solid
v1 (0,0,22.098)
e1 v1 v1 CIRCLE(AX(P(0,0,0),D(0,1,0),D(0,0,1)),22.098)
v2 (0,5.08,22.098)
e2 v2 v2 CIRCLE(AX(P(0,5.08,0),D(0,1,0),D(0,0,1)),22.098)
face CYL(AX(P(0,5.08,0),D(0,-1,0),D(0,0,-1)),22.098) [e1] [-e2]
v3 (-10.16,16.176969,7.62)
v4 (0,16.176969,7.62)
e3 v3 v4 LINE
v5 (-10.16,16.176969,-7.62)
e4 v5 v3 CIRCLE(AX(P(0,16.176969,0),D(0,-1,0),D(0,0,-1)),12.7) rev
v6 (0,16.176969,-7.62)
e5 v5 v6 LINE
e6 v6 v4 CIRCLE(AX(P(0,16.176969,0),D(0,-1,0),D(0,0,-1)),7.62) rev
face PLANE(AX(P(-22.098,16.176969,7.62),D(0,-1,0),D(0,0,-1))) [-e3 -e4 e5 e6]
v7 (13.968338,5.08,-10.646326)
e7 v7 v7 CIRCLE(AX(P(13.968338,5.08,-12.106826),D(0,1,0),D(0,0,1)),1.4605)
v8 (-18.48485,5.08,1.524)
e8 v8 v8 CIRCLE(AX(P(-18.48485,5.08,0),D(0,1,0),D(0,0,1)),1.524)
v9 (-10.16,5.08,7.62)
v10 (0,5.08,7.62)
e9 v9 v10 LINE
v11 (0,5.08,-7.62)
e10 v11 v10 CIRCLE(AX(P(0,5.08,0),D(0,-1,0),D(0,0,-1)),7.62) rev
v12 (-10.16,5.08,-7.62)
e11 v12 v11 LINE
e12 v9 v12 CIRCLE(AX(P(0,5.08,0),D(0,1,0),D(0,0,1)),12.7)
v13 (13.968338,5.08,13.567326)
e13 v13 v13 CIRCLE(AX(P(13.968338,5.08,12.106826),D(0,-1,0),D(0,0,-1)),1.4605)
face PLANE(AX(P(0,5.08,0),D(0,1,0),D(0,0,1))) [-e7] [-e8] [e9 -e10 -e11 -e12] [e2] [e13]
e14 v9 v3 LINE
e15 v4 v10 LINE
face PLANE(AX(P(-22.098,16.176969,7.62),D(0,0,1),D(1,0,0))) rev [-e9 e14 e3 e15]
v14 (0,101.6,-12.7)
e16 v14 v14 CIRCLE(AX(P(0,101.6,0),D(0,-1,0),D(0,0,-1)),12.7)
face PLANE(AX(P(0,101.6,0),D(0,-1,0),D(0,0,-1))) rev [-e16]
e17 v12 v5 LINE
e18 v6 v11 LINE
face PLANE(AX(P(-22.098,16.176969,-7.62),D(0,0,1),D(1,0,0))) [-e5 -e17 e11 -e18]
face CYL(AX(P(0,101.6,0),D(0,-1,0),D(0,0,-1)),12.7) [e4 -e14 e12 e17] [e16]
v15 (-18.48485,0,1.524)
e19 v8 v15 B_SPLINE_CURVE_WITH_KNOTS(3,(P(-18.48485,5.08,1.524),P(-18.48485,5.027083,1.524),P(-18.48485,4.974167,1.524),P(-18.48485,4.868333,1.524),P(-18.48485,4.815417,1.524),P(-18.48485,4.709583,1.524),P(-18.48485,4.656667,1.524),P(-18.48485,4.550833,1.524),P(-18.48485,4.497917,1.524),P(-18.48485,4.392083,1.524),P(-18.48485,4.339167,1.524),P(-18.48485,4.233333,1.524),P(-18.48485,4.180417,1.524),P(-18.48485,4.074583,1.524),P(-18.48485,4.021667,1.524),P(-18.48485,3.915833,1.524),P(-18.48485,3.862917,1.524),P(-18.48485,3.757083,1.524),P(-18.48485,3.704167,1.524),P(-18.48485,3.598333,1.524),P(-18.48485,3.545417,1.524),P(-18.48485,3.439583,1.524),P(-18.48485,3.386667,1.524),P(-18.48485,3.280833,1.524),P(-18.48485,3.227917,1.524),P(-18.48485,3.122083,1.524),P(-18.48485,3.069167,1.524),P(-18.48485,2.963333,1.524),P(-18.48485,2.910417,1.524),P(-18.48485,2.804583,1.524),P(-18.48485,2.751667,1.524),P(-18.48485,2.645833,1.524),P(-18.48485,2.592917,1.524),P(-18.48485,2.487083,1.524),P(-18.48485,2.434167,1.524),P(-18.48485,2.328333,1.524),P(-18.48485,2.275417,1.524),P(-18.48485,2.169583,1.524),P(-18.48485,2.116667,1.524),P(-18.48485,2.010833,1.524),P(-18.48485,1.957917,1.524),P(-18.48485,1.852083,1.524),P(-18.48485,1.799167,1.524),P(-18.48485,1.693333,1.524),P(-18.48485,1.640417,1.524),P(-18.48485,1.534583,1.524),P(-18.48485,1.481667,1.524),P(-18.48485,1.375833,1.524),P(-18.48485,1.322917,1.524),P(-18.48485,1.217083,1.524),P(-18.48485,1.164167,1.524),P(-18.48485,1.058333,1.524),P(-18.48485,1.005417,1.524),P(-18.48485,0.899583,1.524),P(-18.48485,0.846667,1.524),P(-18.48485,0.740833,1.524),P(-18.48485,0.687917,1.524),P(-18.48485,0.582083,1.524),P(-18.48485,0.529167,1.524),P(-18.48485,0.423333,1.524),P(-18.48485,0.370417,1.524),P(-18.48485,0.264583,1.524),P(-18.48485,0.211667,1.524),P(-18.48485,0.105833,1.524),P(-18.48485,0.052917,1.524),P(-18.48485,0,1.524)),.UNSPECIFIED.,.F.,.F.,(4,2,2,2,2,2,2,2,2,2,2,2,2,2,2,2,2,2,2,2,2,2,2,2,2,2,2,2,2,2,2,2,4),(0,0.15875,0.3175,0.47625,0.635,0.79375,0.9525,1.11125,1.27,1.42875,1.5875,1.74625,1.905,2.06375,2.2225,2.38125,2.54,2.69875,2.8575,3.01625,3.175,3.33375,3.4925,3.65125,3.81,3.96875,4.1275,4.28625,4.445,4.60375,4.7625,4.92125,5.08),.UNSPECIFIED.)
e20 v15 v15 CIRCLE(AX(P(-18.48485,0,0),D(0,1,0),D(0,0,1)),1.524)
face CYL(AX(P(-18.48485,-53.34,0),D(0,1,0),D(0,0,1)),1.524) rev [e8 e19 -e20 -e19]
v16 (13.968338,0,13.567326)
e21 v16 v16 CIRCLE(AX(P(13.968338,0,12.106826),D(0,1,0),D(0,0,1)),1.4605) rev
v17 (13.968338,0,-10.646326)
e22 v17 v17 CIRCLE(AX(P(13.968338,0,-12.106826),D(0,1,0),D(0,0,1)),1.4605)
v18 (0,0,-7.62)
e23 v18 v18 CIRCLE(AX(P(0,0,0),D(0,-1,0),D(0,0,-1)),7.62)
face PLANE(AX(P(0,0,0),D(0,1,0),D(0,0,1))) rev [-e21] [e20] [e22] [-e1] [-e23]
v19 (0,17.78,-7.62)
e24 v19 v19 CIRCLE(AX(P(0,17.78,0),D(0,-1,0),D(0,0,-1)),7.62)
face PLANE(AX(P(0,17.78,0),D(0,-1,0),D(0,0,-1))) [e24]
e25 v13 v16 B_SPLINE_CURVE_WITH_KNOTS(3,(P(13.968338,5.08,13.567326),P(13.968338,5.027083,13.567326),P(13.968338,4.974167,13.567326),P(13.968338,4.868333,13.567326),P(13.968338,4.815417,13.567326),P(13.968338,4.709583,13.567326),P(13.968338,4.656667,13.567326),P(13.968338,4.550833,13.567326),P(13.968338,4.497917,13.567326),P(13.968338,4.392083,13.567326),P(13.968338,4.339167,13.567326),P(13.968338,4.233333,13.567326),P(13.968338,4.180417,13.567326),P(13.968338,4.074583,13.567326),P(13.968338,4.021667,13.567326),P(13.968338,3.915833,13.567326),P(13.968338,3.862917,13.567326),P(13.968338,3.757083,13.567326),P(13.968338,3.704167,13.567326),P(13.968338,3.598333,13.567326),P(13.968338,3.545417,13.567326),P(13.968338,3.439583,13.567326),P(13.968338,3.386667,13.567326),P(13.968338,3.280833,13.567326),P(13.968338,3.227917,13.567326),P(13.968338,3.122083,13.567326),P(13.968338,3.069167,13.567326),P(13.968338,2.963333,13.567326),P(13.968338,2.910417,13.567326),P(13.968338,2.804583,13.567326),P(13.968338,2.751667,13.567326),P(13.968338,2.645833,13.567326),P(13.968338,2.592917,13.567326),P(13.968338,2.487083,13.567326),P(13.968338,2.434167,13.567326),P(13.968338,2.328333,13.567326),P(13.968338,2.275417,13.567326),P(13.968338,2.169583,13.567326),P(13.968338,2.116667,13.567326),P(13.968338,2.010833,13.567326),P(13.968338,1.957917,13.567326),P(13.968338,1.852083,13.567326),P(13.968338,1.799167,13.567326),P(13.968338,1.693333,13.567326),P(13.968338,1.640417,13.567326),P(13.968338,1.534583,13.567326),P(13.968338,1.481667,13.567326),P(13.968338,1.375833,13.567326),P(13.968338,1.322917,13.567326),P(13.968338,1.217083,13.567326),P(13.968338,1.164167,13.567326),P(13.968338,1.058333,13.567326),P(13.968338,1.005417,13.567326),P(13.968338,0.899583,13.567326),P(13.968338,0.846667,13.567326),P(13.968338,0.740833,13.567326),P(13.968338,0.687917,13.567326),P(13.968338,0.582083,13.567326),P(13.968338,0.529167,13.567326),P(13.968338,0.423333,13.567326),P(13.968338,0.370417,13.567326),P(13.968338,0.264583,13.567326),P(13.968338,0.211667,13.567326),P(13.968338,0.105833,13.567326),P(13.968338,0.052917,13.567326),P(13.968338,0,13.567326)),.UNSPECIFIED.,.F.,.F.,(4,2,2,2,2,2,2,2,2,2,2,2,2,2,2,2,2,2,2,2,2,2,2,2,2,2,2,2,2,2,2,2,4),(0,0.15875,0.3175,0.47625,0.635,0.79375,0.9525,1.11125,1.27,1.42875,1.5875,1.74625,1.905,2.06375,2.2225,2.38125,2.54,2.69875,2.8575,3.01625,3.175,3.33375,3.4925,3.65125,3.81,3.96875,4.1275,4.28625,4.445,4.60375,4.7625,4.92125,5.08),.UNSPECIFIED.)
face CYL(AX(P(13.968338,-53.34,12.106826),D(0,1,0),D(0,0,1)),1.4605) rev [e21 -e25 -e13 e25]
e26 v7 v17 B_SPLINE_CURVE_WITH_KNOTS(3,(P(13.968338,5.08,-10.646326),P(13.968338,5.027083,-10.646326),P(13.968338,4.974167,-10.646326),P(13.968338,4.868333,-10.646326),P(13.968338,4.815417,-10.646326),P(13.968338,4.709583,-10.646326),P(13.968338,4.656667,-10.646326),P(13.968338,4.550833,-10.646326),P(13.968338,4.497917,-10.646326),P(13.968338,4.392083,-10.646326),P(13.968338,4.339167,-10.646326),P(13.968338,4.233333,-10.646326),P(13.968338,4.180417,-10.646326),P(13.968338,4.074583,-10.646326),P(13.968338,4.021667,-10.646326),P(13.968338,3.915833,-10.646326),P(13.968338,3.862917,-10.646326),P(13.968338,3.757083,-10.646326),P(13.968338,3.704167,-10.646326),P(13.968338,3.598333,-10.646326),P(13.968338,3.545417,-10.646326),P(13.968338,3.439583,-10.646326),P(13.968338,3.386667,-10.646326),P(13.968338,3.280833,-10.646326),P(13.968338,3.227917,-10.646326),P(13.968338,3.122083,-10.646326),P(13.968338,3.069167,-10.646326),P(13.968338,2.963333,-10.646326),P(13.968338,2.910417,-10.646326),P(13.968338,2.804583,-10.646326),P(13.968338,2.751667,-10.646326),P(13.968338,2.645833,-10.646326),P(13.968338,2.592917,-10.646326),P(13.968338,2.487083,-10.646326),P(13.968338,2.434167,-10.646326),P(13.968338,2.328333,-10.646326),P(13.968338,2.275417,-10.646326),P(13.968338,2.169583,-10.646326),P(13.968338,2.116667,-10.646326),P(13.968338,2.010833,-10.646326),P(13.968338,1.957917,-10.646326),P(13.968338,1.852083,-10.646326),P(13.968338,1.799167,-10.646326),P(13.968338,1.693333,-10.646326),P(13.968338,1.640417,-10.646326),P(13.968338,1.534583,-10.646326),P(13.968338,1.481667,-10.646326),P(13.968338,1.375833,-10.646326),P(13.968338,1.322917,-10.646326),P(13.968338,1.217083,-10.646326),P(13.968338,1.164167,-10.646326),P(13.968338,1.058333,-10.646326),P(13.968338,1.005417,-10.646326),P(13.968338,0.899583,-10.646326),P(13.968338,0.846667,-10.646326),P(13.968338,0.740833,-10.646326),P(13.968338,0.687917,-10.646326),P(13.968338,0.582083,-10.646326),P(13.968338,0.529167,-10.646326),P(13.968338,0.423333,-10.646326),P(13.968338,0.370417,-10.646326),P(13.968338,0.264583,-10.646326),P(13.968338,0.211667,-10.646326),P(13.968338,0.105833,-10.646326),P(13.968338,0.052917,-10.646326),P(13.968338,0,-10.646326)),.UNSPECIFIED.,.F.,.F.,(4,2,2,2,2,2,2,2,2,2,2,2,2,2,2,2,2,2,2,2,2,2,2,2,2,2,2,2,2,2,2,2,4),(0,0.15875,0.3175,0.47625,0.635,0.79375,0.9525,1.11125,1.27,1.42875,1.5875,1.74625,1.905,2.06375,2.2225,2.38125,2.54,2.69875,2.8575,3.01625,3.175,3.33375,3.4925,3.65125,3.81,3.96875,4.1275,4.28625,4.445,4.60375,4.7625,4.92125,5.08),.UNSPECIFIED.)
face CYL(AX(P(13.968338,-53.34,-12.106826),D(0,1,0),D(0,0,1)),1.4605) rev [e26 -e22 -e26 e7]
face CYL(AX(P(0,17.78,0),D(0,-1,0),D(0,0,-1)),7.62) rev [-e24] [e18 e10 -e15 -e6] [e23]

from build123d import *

# Parameters (mm, degrees)
SKETCH1_R           = 22.098
BOSS_EXTRUDE1_DEPTH = 5.08
SKETCH4_R           = 1.4605
SKETCH4_R_2         = 1.524
CUT_EXTRUDE1_DEPTH  = 58.42
SKETCH5_R           = 12.7
CUT_EXTRUDE2_DEPTH  = 29.21
SKETCH5_3_R         = 12.7
BOSS_EXTRUDE2_DEPTH = 101.6
SKETCH6_R           = 7.62
CUT_EXTRUDE3_DEPTH  = 17.78
SKETCH7_W           = 15.24
SKETCH7_H           = 11.096968574
CUT_EXTRUDE4_DEPTH  = 107.297710267


with BuildPart() as part:
    # Sketch1 → Boss-Extrude1 (new body)
    with BuildSketch(Plane(origin=(0, 0, 0), x_dir=(1, 0, 0), z_dir=(0, 1, 0))):
        Circle(SKETCH1_R)
    extrude(amount=BOSS_EXTRUDE1_DEPTH)

    # Sketch4 → Cut-Extrude1 (cut)
    with BuildSketch(Plane(origin=(0, 5.08, 0), x_dir=(1, 0, 0), z_dir=(0, 1, 0))):
        with Locations((13.96833752, 12.106825614)):
            Circle(SKETCH4_R)
        with Locations((13.96833752, -12.106825614)):
            Circle(SKETCH4_R)
        with Locations((-18.48485, 0)):
            Circle(SKETCH4_R_2)
    extrude(amount=-CUT_EXTRUDE1_DEPTH, mode=Mode.SUBTRACT)

    # Sketch5 → Cut-Extrude2 (cut)
    with BuildSketch(Plane.XZ):
        Circle(SKETCH5_R)
    extrude(amount=-CUT_EXTRUDE2_DEPTH, mode=Mode.SUBTRACT)

    # Sketch5<3> → Boss-Extrude2 (add)
    with BuildSketch(Plane.XZ):
        Circle(SKETCH5_3_R)
    extrude(amount=-BOSS_EXTRUDE2_DEPTH)

    # Sketch6 → Cut-Extrude3 (cut)
    with BuildSketch(Plane.XZ):
        Circle(SKETCH6_R)
    extrude(amount=-CUT_EXTRUDE3_DEPTH, mode=Mode.SUBTRACT)

    # Sketch7 → Cut-Extrude4 (cut, through all)
    with BuildSketch(Plane(origin=(0, 0, 0), x_dir=(0, 0, -1), z_dir=(1, 0, 0))):
        with Locations((0, 10.628484287)):
            Rectangle(SKETCH7_W, SKETCH7_H)
    extrude(amount=-CUT_EXTRUDE4_DEPTH, mode=Mode.SUBTRACT)


solid = part.part
